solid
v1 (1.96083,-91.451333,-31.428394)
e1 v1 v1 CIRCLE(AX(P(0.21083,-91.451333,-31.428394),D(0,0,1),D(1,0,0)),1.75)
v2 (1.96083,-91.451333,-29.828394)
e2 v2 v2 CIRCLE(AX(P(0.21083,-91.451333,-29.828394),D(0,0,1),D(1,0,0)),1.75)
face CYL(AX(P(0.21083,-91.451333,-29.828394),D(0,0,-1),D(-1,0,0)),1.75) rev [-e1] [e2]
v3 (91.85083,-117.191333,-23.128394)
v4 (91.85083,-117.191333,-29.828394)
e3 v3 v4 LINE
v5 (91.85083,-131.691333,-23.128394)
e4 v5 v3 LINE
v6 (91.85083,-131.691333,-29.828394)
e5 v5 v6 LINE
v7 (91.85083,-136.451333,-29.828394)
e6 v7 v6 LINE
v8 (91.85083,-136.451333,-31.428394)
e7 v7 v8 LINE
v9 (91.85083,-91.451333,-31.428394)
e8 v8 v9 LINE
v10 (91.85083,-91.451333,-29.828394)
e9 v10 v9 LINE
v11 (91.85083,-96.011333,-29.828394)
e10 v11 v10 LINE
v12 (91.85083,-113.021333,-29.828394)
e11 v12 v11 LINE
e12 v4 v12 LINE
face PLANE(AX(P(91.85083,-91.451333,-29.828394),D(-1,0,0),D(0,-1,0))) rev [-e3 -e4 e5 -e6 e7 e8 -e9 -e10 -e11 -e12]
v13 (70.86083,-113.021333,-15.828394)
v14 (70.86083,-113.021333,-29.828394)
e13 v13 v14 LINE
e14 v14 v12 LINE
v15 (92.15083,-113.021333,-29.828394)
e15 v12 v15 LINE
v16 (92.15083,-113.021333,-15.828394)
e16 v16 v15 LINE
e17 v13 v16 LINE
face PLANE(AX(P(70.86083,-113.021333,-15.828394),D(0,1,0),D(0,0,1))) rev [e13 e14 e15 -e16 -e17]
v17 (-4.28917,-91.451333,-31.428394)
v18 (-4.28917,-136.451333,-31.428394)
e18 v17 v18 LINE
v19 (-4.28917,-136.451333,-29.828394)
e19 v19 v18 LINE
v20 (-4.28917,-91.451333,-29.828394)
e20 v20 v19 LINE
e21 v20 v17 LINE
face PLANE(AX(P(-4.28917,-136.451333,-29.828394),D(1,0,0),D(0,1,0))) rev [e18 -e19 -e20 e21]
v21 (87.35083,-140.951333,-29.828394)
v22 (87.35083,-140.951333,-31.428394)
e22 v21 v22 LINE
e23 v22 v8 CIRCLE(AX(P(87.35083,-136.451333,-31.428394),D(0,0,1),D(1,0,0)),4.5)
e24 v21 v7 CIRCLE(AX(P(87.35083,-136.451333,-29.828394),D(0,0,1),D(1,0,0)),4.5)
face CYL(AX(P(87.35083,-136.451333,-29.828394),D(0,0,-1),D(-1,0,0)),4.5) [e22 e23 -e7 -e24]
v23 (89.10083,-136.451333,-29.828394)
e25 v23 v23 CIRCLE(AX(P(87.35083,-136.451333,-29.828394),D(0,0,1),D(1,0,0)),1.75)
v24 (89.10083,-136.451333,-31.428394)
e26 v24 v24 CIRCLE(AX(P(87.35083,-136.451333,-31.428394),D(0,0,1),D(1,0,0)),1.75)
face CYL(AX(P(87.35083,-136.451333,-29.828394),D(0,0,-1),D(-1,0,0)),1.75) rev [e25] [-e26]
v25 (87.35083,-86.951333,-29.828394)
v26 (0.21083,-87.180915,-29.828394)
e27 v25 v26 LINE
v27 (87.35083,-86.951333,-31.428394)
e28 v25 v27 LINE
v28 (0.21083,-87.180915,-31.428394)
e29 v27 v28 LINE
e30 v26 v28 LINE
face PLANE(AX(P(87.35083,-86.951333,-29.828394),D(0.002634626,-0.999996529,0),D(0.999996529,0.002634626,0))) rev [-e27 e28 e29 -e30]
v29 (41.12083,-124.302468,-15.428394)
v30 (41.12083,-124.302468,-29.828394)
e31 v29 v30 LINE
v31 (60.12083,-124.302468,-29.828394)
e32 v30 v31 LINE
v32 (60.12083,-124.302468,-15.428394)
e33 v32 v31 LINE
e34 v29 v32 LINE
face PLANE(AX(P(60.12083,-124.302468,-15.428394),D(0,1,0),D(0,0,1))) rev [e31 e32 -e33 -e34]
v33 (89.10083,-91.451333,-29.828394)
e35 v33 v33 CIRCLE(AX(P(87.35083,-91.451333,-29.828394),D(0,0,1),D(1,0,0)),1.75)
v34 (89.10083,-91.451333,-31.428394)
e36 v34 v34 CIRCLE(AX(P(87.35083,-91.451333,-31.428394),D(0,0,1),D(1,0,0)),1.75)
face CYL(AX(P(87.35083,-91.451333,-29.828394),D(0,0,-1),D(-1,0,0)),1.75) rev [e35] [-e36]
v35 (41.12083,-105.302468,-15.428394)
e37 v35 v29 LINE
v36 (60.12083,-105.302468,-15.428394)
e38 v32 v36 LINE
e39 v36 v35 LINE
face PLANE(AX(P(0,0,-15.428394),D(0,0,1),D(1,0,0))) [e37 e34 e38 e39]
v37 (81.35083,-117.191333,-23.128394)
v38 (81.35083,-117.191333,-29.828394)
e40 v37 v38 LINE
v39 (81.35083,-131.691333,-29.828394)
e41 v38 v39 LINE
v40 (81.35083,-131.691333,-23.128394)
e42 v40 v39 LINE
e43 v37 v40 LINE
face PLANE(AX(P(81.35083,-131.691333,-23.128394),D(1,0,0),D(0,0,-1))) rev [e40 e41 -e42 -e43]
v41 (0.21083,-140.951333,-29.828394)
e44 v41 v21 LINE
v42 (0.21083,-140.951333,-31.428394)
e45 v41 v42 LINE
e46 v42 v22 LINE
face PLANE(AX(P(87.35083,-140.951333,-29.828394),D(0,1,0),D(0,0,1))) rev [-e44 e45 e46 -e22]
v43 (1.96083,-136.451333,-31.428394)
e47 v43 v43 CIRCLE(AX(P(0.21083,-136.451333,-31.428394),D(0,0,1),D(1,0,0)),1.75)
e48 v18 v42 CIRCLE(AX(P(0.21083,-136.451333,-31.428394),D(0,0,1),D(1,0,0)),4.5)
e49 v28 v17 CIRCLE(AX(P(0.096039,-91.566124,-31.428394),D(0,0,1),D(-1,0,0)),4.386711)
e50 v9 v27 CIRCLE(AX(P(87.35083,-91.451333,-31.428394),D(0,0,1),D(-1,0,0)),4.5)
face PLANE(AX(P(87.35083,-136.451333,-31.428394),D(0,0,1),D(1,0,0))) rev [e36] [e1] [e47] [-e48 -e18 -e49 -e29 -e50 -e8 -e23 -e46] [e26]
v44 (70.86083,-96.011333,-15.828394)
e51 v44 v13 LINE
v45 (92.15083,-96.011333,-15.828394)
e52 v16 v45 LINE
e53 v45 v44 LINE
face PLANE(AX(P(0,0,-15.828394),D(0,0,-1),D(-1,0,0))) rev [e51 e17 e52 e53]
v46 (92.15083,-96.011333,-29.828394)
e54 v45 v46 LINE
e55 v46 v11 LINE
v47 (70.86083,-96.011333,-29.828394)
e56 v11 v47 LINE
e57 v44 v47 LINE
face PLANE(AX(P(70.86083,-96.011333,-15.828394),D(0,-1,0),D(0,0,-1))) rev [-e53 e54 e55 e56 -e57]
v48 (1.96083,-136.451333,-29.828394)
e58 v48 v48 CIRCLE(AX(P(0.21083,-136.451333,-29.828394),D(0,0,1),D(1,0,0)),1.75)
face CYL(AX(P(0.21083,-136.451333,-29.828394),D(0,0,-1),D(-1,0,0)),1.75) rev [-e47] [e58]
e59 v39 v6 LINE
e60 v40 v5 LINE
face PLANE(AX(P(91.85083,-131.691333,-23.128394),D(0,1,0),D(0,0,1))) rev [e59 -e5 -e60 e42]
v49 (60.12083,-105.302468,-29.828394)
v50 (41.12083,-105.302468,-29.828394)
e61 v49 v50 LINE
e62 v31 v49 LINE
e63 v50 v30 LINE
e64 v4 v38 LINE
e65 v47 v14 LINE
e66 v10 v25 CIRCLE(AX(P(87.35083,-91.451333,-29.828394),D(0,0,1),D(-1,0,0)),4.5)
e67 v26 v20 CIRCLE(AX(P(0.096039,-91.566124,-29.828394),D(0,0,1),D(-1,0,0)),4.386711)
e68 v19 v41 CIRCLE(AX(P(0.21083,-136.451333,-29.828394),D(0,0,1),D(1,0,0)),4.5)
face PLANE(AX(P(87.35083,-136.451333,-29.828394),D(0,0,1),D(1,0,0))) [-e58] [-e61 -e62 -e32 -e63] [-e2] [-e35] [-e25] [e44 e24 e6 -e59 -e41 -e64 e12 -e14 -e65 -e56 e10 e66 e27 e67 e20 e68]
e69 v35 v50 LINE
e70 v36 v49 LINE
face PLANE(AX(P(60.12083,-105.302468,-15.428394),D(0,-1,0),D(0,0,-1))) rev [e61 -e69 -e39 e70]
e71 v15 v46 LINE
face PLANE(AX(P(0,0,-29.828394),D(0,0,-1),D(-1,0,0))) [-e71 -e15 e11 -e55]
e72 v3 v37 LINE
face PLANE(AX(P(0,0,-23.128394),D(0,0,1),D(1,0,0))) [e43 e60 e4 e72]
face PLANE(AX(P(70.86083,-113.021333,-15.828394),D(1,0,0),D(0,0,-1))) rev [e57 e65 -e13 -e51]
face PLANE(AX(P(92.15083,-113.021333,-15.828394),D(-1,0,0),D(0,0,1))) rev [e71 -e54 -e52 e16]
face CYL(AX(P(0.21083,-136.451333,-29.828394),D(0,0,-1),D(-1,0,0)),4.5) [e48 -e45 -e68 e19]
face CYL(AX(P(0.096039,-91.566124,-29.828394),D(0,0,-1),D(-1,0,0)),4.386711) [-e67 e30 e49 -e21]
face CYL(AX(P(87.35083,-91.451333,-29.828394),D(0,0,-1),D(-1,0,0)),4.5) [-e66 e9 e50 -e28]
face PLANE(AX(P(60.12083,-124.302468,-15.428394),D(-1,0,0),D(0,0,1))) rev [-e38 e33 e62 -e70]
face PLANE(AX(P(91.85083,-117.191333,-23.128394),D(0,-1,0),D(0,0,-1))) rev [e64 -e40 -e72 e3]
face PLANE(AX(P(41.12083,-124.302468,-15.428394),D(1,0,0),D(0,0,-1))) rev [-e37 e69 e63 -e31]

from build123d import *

# Parameters (mm, degrees)
PCB_R              = 1.75
BOARD_DEPTH        = 1.6
GIGE_W             = 21.29
GIGE_H             = 17.01
ETHERNETPORT_DEPTH = 14
HDMI_W             = 10.5
HDMI_H             = 14.5
HDMIPORT_DEPTH     = 6.7
SKETCH9_W          = 19
SKETCH9_H          = 19
FPGAANDFAN_DEPTH   = 14.4


with BuildPart() as part:
    # pcb → board (new body)
    with BuildSketch(Plane.XY.offset(-31.428393775)):
        with BuildLine():
            Line((91.850829578, -91.451333311), (91.850829578, -136.451333311))
            ThreePointArc((91.850829578, -136.451333311), (90.532810093, -139.633313826), (87.350829578, -140.951333311))
            Line((87.350829578, -140.951333311), (0.210829578, -140.951333311))
            ThreePointArc((0.210829578, -140.951333311), (-2.971150937, -139.633313826), (-4.289170422, -136.451333311))
            Line((-4.289170422, -136.451333311), (-4.289170422, -91.451333311))
            ThreePointArc((-4.289170422, -91.451333311), (-2.923602921, -88.384143861), (0.210829578, -87.180915442))
            Line((0.210829578, -87.180915442), (87.350829578, -86.951333311))
            ThreePointArc((87.350829578, -86.951333311), (90.532810093, -88.269352795), (91.850829578, -91.451333311))
        make_face()
        with Locations((87.350829578, -136.451333311)):
            Circle(PCB_R, mode=Mode.SUBTRACT)
        with Locations((87.350829578, -91.451333311)):
            Circle(PCB_R, mode=Mode.SUBTRACT)
        with Locations((0.210829578, -91.451333311)):
            Circle(PCB_R, mode=Mode.SUBTRACT)
        with Locations((0.210829578, -136.451333311)):
            Circle(PCB_R, mode=Mode.SUBTRACT)
    extrude(amount=BOARD_DEPTH)

    # gige → ethernetport (add)
    with BuildSketch(Plane.XY.offset(-29.828393775)):
        with Locations((81.505829578, -104.516333311)):
            Rectangle(GIGE_W, GIGE_H)
    extrude(amount=ETHERNETPORT_DEPTH)

    # hdmi → hdmiport (add)
    with BuildSketch(Plane.XY.offset(-29.828393775)):
        with Locations((86.600829578, -124.441333311)):
            Rectangle(HDMI_W, HDMI_H)
    extrude(amount=HDMIPORT_DEPTH)

    # Sketch9 → FPGAandFan (add)
    with BuildSketch(Plane.XY.offset(-29.828393775)):
        with Locations((50.620829578, -114.802468161)):
            Rectangle(SKETCH9_W, SKETCH9_H)
    extrude(amount=FPGAANDFAN_DEPTH)


solid = part.part
